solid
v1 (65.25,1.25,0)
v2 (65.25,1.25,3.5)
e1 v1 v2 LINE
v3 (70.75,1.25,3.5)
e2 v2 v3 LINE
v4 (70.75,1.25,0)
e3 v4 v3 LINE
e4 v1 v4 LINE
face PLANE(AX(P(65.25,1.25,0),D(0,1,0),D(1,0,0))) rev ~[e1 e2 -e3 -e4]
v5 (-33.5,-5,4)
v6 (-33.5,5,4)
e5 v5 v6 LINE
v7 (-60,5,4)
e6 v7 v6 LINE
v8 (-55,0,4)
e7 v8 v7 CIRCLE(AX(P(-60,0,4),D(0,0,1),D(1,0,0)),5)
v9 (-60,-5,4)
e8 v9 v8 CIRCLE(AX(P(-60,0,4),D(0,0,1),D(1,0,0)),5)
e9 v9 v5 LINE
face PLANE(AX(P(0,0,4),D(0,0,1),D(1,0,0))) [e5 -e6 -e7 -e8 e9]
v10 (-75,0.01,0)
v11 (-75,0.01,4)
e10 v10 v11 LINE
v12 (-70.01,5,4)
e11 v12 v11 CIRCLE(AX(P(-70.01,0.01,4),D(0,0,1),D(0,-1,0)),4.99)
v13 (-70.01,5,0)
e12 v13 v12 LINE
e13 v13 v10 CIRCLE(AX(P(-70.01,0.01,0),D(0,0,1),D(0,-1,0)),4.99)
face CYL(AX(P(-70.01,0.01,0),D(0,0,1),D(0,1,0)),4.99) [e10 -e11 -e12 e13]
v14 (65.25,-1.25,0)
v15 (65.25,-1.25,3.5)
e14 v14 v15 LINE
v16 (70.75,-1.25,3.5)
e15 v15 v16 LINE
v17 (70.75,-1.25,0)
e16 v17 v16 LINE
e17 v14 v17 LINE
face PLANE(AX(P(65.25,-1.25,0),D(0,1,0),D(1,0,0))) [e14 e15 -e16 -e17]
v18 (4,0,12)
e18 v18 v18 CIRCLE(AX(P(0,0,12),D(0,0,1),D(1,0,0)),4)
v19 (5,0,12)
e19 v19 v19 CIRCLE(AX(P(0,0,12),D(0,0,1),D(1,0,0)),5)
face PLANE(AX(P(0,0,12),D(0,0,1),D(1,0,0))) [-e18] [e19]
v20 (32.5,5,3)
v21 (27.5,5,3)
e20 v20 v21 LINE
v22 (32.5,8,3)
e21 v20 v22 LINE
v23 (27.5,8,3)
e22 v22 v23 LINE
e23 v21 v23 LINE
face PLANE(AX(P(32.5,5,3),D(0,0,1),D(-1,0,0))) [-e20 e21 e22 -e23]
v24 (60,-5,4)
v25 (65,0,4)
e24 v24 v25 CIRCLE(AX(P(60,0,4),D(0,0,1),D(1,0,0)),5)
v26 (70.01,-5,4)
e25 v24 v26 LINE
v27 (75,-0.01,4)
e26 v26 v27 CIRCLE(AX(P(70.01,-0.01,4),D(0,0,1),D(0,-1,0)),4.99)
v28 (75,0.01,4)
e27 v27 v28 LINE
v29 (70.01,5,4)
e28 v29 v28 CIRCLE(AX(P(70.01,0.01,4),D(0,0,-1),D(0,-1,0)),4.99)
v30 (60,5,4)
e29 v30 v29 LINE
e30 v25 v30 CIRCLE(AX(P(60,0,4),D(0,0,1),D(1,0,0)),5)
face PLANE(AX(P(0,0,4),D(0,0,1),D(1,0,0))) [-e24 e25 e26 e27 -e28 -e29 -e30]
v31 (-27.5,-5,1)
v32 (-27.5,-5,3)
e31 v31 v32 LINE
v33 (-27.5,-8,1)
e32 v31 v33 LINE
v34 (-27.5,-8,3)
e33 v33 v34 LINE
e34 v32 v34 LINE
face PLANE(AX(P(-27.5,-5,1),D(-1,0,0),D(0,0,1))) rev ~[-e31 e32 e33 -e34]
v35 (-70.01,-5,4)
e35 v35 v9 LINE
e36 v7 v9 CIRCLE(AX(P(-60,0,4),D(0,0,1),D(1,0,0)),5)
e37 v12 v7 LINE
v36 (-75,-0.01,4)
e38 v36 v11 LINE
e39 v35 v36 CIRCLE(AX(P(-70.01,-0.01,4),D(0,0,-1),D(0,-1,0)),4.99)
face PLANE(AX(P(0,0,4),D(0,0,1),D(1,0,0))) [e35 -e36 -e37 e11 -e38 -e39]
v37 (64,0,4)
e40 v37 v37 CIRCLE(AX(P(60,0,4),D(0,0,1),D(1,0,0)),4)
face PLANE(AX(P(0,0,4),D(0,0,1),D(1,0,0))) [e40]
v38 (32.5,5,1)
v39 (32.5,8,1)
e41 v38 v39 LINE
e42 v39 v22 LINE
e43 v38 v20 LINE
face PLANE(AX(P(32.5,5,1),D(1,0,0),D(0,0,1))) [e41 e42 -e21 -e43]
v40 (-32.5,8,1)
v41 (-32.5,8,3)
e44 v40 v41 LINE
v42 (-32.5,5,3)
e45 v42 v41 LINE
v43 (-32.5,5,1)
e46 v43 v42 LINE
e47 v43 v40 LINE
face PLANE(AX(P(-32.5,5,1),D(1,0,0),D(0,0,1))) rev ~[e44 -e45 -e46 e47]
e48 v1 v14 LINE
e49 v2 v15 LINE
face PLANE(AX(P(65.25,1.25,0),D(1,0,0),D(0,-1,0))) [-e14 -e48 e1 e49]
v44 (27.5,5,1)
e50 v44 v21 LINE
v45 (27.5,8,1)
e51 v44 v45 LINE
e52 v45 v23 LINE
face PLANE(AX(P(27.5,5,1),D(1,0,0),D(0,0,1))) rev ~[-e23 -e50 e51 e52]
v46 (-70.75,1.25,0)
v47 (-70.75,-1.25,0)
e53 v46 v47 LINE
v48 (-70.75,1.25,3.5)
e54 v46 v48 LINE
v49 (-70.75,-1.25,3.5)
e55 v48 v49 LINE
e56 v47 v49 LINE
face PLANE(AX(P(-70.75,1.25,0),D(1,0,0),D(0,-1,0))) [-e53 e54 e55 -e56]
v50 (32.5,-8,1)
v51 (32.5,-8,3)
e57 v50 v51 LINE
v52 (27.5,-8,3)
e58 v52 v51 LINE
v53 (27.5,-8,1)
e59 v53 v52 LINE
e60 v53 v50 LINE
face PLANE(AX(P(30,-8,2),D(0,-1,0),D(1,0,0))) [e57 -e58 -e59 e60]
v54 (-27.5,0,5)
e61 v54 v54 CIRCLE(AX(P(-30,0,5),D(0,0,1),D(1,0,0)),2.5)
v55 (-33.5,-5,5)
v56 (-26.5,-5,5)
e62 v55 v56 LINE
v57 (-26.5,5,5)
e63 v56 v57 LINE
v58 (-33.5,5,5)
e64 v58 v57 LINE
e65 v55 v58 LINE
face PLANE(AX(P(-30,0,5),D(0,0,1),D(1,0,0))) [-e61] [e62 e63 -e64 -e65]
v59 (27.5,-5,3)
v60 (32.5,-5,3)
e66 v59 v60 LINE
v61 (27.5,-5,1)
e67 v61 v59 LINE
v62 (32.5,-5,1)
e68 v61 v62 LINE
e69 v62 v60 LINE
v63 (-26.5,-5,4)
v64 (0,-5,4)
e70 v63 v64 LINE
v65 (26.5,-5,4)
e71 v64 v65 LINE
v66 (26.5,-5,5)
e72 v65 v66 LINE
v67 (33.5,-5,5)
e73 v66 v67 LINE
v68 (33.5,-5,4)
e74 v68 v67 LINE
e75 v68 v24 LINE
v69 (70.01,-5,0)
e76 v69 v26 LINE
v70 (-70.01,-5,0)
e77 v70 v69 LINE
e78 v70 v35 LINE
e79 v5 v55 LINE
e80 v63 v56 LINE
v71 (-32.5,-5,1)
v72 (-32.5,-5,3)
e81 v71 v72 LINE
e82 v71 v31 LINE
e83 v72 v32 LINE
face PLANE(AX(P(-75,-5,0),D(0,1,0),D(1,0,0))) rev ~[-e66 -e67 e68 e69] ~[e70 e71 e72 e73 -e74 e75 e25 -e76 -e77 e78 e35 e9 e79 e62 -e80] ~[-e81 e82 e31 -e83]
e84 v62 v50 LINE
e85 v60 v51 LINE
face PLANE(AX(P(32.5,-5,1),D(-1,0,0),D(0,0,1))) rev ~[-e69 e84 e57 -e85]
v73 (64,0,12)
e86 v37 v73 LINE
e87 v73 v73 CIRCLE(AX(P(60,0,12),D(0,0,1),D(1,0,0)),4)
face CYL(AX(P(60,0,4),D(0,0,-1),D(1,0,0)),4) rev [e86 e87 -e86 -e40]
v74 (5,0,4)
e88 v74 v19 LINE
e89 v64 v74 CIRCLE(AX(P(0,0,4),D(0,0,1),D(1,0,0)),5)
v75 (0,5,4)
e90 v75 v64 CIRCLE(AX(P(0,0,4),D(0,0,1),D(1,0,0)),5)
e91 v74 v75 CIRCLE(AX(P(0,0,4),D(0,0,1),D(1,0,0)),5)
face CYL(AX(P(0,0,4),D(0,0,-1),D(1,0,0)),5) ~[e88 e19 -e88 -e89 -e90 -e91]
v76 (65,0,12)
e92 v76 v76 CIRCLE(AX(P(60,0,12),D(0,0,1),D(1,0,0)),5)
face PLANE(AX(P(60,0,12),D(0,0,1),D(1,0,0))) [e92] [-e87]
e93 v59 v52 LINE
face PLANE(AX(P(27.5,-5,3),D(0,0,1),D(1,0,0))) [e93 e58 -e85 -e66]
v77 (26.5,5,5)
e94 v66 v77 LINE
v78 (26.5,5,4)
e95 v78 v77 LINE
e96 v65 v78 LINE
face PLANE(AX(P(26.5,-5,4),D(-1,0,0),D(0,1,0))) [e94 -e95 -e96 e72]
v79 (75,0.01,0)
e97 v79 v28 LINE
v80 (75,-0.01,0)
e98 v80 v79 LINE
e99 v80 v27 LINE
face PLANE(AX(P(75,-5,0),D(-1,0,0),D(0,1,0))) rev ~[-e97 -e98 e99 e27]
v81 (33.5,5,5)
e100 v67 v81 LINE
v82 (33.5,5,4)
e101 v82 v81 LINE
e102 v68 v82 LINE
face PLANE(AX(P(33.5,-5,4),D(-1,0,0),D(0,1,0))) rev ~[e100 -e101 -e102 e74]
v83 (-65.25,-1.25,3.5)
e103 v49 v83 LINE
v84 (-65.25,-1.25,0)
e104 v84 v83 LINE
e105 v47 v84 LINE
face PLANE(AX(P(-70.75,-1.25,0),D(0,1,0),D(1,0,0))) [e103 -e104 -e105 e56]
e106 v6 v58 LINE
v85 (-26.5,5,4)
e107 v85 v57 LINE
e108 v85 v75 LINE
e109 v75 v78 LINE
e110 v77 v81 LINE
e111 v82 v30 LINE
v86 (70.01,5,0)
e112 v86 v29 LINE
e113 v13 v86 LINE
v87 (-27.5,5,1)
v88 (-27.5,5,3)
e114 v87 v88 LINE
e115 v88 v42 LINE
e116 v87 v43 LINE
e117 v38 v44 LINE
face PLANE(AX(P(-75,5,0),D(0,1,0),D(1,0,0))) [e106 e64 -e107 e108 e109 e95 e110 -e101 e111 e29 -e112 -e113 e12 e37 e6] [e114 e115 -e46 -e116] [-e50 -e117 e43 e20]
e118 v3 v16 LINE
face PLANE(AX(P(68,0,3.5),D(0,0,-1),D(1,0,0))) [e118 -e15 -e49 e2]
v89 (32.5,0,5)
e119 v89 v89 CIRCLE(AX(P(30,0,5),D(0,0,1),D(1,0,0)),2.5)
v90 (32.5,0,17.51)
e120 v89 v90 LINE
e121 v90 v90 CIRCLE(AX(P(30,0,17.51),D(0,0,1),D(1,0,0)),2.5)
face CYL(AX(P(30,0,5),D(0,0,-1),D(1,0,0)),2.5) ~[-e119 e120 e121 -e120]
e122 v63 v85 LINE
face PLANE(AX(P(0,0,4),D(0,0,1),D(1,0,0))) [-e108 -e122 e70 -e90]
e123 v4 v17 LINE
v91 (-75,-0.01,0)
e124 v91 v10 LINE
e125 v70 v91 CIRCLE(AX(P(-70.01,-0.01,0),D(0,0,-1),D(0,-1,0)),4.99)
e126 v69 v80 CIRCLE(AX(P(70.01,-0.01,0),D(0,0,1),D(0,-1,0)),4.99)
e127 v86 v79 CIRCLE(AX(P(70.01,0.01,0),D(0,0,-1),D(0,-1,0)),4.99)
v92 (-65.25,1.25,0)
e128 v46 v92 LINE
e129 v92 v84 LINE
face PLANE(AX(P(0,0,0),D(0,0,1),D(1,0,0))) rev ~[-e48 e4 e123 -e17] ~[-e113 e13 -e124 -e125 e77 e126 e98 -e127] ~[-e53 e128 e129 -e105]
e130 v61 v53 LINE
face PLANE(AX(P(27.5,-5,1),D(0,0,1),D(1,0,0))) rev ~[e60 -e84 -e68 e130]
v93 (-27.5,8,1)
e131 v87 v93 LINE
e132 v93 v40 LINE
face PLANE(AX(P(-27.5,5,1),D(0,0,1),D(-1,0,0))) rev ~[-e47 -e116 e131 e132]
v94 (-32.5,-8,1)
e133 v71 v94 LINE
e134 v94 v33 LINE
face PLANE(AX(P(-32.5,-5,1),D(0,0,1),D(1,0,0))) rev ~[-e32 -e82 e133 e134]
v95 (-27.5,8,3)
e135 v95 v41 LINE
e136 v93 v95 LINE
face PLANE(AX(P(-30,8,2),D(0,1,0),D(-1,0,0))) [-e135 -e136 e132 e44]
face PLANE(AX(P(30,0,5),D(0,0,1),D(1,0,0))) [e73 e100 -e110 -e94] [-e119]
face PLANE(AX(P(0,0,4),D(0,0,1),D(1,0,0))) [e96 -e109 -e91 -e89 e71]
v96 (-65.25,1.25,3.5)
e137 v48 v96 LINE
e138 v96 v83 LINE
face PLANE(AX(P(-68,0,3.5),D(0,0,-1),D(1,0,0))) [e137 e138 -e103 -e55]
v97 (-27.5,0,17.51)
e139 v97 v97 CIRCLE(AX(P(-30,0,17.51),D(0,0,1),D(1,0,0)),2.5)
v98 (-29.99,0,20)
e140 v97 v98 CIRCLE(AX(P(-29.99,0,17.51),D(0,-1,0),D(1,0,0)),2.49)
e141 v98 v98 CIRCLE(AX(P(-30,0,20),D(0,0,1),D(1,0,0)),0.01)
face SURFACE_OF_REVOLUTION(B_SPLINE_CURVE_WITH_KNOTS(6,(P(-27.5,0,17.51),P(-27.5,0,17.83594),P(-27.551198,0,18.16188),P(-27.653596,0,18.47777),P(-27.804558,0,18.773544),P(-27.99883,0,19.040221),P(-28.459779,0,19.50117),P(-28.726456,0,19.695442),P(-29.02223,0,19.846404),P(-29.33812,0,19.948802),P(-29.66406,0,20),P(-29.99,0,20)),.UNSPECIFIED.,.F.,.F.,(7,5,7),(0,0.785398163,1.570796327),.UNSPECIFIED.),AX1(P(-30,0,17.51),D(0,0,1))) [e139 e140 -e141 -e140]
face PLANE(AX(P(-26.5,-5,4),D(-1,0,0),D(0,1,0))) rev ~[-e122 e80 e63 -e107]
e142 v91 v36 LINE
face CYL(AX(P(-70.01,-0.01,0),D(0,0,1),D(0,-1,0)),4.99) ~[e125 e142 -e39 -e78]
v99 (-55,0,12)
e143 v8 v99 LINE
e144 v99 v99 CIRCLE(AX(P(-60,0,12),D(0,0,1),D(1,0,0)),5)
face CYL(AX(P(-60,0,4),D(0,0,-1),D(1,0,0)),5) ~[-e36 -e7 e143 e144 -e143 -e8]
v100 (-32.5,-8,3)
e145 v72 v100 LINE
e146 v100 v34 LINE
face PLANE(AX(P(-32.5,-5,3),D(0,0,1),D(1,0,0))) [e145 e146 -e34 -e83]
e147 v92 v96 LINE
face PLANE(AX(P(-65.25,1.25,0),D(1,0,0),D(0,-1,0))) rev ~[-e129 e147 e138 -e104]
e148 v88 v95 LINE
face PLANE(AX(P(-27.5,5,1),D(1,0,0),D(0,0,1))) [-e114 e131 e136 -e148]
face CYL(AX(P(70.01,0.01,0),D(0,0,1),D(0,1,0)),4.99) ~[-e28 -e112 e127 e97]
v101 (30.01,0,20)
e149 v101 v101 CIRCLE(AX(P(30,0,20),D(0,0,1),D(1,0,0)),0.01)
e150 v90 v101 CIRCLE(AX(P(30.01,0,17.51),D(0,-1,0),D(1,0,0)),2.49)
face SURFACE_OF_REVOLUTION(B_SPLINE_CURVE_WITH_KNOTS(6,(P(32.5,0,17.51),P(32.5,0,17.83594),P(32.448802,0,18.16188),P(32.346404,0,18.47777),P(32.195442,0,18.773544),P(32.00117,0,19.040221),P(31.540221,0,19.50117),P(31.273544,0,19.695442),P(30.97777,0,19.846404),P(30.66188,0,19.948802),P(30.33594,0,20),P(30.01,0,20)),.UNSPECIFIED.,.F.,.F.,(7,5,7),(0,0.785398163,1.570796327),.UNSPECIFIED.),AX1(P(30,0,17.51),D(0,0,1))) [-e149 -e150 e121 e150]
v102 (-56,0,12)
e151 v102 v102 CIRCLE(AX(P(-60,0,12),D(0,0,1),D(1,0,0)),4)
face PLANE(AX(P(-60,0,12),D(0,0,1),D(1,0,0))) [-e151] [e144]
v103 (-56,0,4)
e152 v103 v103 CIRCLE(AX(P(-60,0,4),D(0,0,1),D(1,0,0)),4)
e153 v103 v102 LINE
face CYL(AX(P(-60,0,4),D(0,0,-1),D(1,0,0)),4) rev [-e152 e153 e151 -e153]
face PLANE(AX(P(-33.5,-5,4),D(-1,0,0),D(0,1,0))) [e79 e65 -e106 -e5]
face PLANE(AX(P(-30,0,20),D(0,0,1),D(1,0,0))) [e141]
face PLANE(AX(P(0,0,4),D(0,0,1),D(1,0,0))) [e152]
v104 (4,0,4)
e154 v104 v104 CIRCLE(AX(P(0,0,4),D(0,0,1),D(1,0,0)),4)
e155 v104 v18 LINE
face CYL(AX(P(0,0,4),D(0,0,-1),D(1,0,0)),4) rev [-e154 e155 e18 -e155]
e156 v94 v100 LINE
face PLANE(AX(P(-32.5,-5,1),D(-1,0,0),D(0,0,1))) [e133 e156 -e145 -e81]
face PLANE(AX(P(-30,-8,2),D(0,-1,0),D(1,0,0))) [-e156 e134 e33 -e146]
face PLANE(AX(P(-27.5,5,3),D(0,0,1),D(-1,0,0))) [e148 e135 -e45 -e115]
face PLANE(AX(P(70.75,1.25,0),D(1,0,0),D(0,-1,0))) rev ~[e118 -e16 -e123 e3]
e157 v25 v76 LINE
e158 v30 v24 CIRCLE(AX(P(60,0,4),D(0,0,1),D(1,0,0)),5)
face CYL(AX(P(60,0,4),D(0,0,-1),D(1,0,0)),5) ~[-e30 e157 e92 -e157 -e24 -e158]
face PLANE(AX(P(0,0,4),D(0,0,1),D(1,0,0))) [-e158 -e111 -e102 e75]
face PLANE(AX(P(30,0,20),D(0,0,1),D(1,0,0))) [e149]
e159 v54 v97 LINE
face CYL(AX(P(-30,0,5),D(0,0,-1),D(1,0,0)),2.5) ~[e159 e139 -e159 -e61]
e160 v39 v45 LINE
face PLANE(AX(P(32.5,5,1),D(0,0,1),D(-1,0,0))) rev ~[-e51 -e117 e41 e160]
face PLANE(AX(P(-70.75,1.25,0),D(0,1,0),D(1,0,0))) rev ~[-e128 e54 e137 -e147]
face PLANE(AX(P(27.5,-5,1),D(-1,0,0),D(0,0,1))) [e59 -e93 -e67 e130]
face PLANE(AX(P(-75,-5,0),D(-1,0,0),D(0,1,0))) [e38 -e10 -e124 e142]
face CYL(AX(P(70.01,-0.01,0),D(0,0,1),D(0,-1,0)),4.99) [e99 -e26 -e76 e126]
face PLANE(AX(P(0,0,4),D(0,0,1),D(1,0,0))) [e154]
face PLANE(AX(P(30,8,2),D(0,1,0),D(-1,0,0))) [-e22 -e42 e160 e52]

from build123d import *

# Parameters (mm, degrees)
SKETCH_W      = 150
SKETCH_H      = 10
PAD_DEPTH     = 4
SKETCH001_R   = 5
SKETCH001_R_2 = 4
PAD001_DEPTH  = 8
FILLET_R      = 4.99
SKETCH002_W   = 5.5
SKETCH002_H   = 2.5
POCKET_DEPTH  = 3.5
SKETCH004_W   = 5
SKETCH004_H   = 2
PAD002_DEPTH  = 3
SKETCH005_W   = 5
SKETCH005_H   = 2
PAD003_DEPTH  = 3
SKETCH006_W   = 7
SKETCH006_H   = 10
PAD004_DEPTH  = 1
SKETCH008_R   = 2.5
PAD005_DEPTH  = 15
FILLET001_R   = 2.49


with BuildPart() as part:
    # Sketch → Pad (new body)
    with BuildSketch(Plane.XY):
        Rectangle(SKETCH_W, SKETCH_H)
    extrude(amount=PAD_DEPTH)

    # Sketch001 (on Face6 of Pad) → Pad001 (join)
    with BuildSketch(Plane.XY.offset(4)):
        Circle(SKETCH001_R)
        Circle(SKETCH001_R_2, mode=Mode.SUBTRACT)
        with Locations((60, 0)):
            Circle(SKETCH001_R)
        with Locations((60, 0)):
            Circle(SKETCH001_R_2, mode=Mode.SUBTRACT)
        with Locations((-60, 0)):
            Circle(SKETCH001_R)
        with Locations((-60, 0)):
            Circle(SKETCH001_R_2, mode=Mode.SUBTRACT)
    extrude(amount=PAD001_DEPTH)

    # Fillet
    fillet_edges = [part.edges().sort_by_distance(p)[0] for p in [
        (-75, 5, 2),
        (-75, -5, 2),
        (75, 5, 2),
        (75, -5, 2),
    ]]
    fillet(fillet_edges, radius=FILLET_R)

    # Sketch002 (on Face2 of Fillet) → Pocket (cut)
    with BuildSketch(Plane(origin=(0, 0, 0), x_dir=(1, 0, 0), z_dir=(0, 0, -1))):
        with Locations((-68, 0)):
            Rectangle(SKETCH002_W, SKETCH002_H)
        with Locations((68, 0)):
            Rectangle(SKETCH002_W, SKETCH002_H)
    extrude(amount=-POCKET_DEPTH, mode=Mode.SUBTRACT)

    # Sketch004 (on Face6 of Pocket) → Pad002 (join)
    with BuildSketch(Plane(origin=(0, 5, 0), x_dir=(-1, 0, 0), z_dir=(0, 1, 0))):
        with Locations((-30, 2)):
            Rectangle(SKETCH004_W, SKETCH004_H)
        with Locations((30, 2)):
            Rectangle(SKETCH004_W, SKETCH004_H)
    extrude(amount=PAD002_DEPTH)

    # Sketch005 (on Face7 of Pocket) → Pad003 (join)
    with BuildSketch(Plane.XZ.offset(5)):
        with Locations((-30, 2)):
            Rectangle(SKETCH005_W, SKETCH005_H)
        with Locations((30, 2)):
            Rectangle(SKETCH005_W, SKETCH005_H)
    extrude(amount=PAD003_DEPTH)

    # Sketch006 (on Face22 of Pad003) → Pad004 (join)
    with BuildSketch(Plane.XY.offset(4)):
        with Locations((-30, 0)):
            Rectangle(SKETCH006_W, SKETCH006_H)
        with Locations((30, 0)):
            Rectangle(SKETCH006_W, SKETCH006_H)
    extrude(amount=PAD004_DEPTH)

    # Sketch008 (on Face55 of Pad004) → Pad005 (join)
    with BuildSketch(Plane.XY.offset(5)):
        with Locations((-30, 0)):
            Circle(SKETCH008_R)
        with Locations((30, 0)):
            Circle(SKETCH008_R)
    extrude(amount=PAD005_DEPTH)

    # Fillet001
    fillet001_edges = [part.edges().sort_by_distance(p)[0] for p in [
        (27.5, 0, 20),
        (-32.5, 0, 20),
    ]]
    fillet(fillet001_edges, radius=FILLET001_R)


solid = part.part
